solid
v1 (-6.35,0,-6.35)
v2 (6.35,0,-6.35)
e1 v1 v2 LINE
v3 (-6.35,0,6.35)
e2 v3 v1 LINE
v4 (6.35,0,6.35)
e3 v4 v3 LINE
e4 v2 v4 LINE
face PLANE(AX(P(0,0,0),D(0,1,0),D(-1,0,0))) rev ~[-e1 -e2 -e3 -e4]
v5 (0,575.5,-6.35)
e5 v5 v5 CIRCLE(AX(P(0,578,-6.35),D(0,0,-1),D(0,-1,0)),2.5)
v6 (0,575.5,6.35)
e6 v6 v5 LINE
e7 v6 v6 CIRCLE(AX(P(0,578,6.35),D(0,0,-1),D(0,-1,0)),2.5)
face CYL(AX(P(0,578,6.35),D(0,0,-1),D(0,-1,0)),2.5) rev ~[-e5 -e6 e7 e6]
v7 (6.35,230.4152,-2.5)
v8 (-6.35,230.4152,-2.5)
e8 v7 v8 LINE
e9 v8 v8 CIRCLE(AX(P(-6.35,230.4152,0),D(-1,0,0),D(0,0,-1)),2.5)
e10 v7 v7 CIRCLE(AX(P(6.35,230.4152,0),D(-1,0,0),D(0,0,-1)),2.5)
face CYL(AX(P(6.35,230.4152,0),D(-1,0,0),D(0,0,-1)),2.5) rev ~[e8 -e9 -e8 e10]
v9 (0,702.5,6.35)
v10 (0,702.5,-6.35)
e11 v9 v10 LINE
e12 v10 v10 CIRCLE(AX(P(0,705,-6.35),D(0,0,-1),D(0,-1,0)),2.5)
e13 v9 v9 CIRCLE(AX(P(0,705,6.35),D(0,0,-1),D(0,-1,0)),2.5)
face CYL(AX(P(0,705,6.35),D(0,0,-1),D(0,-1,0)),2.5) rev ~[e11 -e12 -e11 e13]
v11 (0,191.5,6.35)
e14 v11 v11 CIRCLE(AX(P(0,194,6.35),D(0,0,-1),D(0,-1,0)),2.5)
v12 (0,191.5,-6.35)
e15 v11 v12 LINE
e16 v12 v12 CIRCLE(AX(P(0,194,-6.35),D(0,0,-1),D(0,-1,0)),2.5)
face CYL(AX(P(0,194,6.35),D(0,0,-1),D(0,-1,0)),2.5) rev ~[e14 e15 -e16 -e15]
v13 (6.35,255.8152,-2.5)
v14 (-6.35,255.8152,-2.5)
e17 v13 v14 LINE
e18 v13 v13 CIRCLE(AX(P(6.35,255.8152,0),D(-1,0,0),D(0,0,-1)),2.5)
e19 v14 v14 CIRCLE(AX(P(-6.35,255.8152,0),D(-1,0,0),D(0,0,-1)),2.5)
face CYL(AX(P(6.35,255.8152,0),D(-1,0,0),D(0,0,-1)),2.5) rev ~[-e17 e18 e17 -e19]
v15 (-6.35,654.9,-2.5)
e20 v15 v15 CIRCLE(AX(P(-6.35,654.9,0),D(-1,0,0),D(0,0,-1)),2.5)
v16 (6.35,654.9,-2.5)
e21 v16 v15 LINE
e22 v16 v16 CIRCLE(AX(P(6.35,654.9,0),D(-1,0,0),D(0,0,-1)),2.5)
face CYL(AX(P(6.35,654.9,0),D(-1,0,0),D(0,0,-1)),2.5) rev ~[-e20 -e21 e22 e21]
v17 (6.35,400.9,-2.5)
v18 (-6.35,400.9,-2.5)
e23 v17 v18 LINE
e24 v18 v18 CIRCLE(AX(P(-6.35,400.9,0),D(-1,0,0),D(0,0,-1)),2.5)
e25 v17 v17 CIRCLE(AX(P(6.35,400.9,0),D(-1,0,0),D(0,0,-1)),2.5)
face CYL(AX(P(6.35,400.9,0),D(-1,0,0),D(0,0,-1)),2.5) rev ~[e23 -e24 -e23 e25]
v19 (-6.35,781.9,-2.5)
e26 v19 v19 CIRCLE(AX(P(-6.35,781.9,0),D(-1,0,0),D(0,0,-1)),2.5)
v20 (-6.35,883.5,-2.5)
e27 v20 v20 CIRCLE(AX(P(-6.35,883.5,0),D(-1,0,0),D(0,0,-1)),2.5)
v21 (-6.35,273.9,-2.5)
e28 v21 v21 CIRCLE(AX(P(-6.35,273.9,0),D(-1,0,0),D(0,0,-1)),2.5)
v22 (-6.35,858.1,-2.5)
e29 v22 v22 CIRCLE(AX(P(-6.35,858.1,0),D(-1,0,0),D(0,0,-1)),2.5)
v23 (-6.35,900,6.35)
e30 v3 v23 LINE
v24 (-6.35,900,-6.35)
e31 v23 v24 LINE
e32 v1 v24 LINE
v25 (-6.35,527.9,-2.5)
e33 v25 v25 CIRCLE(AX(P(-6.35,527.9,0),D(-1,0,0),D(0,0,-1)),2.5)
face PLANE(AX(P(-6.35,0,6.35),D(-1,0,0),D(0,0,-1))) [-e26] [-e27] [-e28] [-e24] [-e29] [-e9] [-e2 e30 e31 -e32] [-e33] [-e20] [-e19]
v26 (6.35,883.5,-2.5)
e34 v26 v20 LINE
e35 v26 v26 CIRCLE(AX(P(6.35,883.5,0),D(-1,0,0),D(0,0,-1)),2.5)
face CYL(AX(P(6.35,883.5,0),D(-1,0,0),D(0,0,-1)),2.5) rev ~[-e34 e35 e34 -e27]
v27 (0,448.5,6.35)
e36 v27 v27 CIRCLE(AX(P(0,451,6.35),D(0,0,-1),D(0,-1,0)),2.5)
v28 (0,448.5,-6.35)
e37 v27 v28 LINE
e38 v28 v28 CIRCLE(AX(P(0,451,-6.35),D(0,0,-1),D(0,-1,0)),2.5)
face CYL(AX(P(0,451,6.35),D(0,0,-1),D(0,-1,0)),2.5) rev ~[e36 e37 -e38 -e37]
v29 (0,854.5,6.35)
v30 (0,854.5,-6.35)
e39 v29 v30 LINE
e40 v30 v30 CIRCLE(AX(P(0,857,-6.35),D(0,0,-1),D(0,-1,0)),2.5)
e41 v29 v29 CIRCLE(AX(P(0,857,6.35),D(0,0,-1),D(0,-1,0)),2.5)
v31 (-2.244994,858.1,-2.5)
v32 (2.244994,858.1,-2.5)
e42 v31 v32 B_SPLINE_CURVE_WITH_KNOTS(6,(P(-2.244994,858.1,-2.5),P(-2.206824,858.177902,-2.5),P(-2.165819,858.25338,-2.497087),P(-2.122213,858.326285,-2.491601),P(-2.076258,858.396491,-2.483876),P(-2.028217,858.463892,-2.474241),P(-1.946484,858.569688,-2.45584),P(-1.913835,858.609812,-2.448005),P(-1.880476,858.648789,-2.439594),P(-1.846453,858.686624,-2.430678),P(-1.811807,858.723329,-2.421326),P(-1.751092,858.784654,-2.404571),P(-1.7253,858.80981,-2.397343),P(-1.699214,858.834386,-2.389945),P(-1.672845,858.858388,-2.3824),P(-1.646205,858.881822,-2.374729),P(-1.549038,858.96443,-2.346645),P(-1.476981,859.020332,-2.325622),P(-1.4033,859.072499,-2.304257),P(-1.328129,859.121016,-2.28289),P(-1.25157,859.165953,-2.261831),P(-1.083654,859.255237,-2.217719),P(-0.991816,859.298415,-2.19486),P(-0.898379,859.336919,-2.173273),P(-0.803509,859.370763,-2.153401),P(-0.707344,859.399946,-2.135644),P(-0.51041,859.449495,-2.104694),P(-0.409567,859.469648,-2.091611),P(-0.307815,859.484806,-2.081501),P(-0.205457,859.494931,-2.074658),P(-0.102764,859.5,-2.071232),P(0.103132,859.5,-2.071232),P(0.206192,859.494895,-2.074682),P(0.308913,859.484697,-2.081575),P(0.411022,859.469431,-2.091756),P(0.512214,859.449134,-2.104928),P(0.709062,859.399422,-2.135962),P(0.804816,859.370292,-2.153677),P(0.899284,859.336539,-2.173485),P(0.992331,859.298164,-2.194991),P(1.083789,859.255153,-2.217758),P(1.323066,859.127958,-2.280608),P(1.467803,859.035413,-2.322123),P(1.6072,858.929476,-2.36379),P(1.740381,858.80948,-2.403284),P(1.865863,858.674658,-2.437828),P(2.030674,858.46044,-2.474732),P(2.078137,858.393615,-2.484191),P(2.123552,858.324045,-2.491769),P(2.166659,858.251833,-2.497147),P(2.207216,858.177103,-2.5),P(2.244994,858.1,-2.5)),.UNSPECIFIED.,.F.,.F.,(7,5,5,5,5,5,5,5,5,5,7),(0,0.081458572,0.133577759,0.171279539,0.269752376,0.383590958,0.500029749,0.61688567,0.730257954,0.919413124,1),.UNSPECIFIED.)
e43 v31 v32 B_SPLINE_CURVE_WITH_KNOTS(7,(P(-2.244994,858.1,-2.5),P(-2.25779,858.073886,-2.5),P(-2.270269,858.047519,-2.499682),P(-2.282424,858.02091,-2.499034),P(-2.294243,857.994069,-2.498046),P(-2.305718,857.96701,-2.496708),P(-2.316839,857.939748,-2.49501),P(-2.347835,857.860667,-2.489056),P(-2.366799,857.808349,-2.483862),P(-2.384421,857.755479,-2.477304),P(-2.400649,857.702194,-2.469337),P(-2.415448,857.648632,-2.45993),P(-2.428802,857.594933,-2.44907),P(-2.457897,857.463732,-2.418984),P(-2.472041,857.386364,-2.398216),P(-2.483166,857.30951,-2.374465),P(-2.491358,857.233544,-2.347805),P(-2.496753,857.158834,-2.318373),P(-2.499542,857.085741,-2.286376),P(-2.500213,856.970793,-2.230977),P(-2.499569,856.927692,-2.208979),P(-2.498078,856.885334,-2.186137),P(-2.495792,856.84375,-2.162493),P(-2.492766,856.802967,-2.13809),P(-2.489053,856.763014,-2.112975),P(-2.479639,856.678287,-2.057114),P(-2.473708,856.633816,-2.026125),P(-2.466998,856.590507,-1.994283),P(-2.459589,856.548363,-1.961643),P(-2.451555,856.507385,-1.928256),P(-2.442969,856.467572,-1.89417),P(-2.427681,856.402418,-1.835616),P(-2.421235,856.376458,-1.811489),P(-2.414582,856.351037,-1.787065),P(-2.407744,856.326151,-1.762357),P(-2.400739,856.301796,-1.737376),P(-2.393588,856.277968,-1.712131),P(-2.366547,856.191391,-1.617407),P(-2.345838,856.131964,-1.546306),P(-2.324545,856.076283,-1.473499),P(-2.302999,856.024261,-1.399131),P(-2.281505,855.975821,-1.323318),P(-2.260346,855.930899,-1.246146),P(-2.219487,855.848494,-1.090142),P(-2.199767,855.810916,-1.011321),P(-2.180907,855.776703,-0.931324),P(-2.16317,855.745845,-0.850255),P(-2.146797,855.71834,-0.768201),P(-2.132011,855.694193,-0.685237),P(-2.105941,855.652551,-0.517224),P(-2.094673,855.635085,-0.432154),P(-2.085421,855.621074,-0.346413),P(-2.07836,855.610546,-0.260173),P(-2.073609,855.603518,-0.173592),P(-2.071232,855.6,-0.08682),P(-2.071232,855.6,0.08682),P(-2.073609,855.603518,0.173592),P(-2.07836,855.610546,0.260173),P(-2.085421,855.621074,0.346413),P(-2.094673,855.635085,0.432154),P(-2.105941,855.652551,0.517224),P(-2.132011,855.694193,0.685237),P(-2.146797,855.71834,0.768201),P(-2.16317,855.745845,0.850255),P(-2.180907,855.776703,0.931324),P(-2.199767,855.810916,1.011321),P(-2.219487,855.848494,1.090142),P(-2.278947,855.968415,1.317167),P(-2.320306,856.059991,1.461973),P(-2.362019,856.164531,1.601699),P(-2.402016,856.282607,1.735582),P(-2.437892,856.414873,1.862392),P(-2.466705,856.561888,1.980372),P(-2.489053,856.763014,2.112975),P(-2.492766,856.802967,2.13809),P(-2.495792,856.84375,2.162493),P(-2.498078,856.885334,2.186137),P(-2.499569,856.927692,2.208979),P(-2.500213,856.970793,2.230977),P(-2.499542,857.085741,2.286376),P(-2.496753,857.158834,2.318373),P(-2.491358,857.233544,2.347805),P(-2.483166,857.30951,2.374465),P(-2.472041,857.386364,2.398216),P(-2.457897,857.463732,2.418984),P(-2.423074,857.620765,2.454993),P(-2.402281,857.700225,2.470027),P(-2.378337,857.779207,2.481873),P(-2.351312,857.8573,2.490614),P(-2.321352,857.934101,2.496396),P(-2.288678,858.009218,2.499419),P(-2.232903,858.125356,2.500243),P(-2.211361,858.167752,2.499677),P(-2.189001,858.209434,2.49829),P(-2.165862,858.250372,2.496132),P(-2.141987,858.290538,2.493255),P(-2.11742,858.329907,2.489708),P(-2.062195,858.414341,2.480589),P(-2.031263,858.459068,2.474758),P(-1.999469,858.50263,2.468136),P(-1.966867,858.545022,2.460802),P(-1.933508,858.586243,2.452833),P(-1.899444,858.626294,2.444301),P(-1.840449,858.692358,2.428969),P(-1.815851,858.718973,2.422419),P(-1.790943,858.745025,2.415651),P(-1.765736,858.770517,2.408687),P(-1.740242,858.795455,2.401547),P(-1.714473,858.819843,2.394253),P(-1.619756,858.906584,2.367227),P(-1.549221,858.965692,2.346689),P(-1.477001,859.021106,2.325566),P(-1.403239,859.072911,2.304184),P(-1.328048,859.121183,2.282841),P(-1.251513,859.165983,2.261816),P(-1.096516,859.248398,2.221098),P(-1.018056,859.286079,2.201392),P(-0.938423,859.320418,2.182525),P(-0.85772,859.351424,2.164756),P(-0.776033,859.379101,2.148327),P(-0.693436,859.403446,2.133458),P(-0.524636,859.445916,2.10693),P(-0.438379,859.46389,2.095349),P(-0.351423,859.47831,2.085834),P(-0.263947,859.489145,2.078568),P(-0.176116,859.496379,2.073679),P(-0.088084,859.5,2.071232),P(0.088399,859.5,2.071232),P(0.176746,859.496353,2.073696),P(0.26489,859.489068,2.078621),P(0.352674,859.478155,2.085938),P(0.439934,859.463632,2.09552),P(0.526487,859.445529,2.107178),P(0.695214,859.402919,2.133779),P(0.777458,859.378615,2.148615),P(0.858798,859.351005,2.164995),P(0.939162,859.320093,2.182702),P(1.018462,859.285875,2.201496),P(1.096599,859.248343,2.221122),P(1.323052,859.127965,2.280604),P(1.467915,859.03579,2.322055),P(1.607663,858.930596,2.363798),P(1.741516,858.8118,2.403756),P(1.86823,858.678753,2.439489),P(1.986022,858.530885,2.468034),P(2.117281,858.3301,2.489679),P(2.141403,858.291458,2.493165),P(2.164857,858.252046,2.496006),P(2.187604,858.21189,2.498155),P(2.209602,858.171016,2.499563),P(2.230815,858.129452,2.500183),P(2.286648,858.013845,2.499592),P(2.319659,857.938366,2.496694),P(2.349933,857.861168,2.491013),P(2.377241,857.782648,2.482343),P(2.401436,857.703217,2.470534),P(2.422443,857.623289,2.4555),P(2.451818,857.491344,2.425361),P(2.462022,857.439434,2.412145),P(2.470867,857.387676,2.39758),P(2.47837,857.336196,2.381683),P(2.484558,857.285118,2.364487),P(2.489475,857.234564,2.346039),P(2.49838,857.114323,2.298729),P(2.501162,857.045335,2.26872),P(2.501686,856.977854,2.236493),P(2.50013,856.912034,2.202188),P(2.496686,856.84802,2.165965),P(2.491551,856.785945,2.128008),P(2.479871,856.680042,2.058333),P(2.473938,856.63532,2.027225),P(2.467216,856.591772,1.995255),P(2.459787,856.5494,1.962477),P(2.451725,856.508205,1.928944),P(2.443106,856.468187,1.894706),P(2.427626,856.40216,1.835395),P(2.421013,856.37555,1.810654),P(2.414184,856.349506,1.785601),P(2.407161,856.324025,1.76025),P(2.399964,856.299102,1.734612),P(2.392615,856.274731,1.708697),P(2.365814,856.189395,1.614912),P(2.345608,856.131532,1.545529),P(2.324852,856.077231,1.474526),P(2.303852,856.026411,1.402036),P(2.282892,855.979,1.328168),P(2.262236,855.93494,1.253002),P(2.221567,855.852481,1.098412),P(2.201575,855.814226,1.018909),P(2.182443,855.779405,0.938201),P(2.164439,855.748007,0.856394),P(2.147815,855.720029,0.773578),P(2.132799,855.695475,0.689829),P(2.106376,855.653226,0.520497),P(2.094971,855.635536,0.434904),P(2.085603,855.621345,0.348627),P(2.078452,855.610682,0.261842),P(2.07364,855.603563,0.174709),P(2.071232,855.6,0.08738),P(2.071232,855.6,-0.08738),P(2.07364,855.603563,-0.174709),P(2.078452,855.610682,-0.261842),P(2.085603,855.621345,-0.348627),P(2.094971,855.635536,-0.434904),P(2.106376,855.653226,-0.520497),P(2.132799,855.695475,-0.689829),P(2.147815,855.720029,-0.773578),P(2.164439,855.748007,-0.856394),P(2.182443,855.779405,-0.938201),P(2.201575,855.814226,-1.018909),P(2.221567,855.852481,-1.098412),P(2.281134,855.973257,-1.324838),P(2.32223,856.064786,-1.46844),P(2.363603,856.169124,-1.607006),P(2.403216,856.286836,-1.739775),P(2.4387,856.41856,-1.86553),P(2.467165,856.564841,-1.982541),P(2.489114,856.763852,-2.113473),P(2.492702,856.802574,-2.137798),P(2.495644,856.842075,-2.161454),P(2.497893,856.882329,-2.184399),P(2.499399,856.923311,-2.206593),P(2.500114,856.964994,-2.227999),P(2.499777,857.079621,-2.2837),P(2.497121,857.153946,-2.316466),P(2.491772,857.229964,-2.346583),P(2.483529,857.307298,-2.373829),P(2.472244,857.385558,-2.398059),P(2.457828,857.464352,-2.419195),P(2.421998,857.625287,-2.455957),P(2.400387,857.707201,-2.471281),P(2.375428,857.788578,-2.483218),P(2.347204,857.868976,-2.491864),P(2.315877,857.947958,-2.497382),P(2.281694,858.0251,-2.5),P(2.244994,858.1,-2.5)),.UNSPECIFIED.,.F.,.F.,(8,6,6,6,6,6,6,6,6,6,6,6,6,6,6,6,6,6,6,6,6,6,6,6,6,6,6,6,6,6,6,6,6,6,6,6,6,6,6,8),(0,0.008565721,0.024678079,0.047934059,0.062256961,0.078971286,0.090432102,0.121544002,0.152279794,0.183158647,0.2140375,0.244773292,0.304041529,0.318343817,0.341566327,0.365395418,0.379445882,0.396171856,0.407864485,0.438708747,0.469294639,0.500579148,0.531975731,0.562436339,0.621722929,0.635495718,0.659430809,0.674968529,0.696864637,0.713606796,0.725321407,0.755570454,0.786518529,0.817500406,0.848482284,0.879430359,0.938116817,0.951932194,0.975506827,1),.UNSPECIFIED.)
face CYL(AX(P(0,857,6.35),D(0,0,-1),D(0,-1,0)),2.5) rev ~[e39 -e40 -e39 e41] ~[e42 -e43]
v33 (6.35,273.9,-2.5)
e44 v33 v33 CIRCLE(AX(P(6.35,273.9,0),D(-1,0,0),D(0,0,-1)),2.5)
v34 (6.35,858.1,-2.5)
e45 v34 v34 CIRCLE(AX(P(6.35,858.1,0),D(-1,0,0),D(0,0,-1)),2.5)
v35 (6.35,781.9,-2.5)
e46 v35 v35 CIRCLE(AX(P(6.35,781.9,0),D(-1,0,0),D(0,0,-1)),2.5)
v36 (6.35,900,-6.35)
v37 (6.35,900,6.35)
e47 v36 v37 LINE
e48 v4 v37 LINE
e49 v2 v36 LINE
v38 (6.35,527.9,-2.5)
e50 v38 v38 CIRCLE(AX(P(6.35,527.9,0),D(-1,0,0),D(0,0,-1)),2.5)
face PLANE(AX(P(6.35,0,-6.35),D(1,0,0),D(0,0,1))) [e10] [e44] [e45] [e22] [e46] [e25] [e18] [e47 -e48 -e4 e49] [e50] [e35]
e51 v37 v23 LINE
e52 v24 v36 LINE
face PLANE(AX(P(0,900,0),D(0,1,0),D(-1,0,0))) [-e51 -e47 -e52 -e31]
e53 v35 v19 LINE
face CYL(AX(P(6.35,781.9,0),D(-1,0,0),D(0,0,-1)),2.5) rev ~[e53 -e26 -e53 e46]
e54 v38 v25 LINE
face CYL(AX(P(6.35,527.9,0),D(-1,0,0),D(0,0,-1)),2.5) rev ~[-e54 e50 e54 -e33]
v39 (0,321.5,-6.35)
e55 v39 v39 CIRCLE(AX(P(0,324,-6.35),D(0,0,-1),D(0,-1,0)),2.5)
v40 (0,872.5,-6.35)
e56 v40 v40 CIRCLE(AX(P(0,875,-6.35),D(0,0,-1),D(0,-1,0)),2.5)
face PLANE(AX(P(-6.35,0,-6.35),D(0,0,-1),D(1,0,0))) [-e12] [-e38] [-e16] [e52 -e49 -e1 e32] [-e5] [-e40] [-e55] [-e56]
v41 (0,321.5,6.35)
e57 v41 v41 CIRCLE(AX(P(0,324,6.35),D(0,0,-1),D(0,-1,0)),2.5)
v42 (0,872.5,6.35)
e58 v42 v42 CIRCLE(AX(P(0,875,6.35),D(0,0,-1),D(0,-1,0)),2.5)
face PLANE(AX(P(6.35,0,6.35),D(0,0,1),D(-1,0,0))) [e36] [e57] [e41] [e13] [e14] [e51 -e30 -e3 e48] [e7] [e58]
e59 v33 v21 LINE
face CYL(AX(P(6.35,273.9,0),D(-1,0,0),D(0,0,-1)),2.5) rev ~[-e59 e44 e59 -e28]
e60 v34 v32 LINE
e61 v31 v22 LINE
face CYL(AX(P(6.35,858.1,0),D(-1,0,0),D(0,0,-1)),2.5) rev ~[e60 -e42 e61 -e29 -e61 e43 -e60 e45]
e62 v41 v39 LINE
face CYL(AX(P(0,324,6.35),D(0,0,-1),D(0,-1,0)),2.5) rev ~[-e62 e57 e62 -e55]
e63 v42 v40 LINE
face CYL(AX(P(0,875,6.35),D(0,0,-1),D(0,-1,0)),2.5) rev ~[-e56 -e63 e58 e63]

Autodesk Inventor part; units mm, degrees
ref_plane "YZ Plane" through (0, 0, 0) normal (1, 0, 0) x (0, 1, 0)
ref_plane "XZ Plane" through (0, 0, 0) normal (0, 1, 0) x (-1, 0, 0)
ref_plane "XY Plane" through (0, 0, 0) normal (0, 0, 1) x (1, 0, 0)
sketch "Sketch1" plane through (0, 0, 0) normal (0, 1, 0) x (-1, 0, 0)
  line L0 (-6.35, 6.35) -> (6.35, 6.35)
  line L1 (6.35, 6.35) -> (6.35, -6.35)
  line L2 (6.35, -6.35) -> (-6.35, -6.35)
  line L3 (-6.35, -6.35) -> (-6.35, 6.35)
  line L4 (-6.35, 6.35) -> (6.35, -6.35) construction
  line L5 (6.35, 6.35) -> (-6.35, -6.35) construction
  point P0 (0, 0)
  dimension "d0" = 12.7
  dimension "d1" = 12.7
extrude "Extrusion1" add sketch "Sketch1" along normal blind 900
sketch "Sketch25" plane through (6.35, 0, 6.35) normal (0, 0, 1) x (1, 0, 0)
  circle A0 centre (-6.35, 875) radius 2.5
  line L0 (-12.7, 900) -> (0, 900) projected
  line L1 (0, 0) -> (0, 900) projected
  circle A1 centre (-6.35, 857) radius 2.5
  circle A2 centre (-6.35, 705) radius 2.5
  circle A3 centre (-6.35, 578) radius 2.5
  circle A4 centre (-6.35, 451) radius 2.5
  circle A5 centre (-6.35, 324) radius 2.5
  circle A6 centre (-6.35, 194) radius 2.5
  line L2 (0, 0) -> (-12.7, 0) projected
  point P0 (-6.35, 0)
  dimension "d197" = 5
  dimension "d198" = 25
  dimension "d199" = 6.35
  dimension "d200" = 5
  dimension "d201" = 18
  dimension "d202" = 6.35
  dimension "d210" = 5
  dimension "d211" = 152
  dimension "d212" = 6.35
  dimension "d213" = 5
  dimension "d214" = 127
  dimension "d215" = 5
  dimension "d216" = 127
  dimension "d217" = 5
  dimension "d218" = 127
  dimension "d219" = 5
  dimension "d220" = 130
hole "Hole23" at (0, 875, 6.35) at (0, 857, 6.35) at (0, 705, 6.35) at (0, 578, 6.35) at (0, 451, 6.35) at (0, 324, 6.35) at (0, 194, 6.35) direction (0, 0, -1) diameter 5 end through all
sketch "Sketch26" plane through (6.35, 0, -6.35) normal (1, 0, 0) x (0, 0, -1)
  circle A0 centre (-6.35, 883.5) radius 2.5
  line L0 (-12.7, 900) -> (0, 900) projected
  circle A1 centre (-6.35, 858.1) radius 2.5
  circle A2 centre (-6.35, 781.9) radius 2.5
  circle A3 centre (-6.35, 654.9) radius 2.5
  circle A4 centre (-6.35, 527.9) radius 2.5
  circle A5 centre (-6.35, 400.9) radius 2.5
  circle A6 centre (-6.35, 273.9) radius 2.5
  circle A7 centre (-6.35, 255.8152) radius 2.5
  circle A8 centre (-6.35, 230.4152) radius 2.5
  point P0 (-6.35, 0)
  dimension "d231" = 5
  dimension "d232" = 16.5
  dimension "d233" = 5
  dimension "d234" = 25.4
  dimension "d235" = 5
  dimension "d236" = 76.2
  dimension "d237" = 5
  dimension "d238" = 127
  dimension "d239" = 5
  dimension "d240" = 127
  dimension "d241" = 5
  dimension "d242" = 127
  dimension "d243" = 5
  dimension "d244" = 127
  dimension "d245" = 5
  dimension "d246" = 18.0848
  dimension "d247" = 5
  dimension "d248" = 25.4
hole "Hole24" at (6.35, 883.5, 0) at (6.35, 858.1, 0) at (6.35, 781.9, 0) at (6.35, 654.9, 0) at (6.35, 527.9, 0) at (6.35, 400.9, 0) at (6.35, 273.9, 0) at (6.35, 255.8152, 0) at (6.35, 230.4152, 0) direction (-1, 0, 0) diameter 5 end through all
properties part number "Aluminium Rod"
